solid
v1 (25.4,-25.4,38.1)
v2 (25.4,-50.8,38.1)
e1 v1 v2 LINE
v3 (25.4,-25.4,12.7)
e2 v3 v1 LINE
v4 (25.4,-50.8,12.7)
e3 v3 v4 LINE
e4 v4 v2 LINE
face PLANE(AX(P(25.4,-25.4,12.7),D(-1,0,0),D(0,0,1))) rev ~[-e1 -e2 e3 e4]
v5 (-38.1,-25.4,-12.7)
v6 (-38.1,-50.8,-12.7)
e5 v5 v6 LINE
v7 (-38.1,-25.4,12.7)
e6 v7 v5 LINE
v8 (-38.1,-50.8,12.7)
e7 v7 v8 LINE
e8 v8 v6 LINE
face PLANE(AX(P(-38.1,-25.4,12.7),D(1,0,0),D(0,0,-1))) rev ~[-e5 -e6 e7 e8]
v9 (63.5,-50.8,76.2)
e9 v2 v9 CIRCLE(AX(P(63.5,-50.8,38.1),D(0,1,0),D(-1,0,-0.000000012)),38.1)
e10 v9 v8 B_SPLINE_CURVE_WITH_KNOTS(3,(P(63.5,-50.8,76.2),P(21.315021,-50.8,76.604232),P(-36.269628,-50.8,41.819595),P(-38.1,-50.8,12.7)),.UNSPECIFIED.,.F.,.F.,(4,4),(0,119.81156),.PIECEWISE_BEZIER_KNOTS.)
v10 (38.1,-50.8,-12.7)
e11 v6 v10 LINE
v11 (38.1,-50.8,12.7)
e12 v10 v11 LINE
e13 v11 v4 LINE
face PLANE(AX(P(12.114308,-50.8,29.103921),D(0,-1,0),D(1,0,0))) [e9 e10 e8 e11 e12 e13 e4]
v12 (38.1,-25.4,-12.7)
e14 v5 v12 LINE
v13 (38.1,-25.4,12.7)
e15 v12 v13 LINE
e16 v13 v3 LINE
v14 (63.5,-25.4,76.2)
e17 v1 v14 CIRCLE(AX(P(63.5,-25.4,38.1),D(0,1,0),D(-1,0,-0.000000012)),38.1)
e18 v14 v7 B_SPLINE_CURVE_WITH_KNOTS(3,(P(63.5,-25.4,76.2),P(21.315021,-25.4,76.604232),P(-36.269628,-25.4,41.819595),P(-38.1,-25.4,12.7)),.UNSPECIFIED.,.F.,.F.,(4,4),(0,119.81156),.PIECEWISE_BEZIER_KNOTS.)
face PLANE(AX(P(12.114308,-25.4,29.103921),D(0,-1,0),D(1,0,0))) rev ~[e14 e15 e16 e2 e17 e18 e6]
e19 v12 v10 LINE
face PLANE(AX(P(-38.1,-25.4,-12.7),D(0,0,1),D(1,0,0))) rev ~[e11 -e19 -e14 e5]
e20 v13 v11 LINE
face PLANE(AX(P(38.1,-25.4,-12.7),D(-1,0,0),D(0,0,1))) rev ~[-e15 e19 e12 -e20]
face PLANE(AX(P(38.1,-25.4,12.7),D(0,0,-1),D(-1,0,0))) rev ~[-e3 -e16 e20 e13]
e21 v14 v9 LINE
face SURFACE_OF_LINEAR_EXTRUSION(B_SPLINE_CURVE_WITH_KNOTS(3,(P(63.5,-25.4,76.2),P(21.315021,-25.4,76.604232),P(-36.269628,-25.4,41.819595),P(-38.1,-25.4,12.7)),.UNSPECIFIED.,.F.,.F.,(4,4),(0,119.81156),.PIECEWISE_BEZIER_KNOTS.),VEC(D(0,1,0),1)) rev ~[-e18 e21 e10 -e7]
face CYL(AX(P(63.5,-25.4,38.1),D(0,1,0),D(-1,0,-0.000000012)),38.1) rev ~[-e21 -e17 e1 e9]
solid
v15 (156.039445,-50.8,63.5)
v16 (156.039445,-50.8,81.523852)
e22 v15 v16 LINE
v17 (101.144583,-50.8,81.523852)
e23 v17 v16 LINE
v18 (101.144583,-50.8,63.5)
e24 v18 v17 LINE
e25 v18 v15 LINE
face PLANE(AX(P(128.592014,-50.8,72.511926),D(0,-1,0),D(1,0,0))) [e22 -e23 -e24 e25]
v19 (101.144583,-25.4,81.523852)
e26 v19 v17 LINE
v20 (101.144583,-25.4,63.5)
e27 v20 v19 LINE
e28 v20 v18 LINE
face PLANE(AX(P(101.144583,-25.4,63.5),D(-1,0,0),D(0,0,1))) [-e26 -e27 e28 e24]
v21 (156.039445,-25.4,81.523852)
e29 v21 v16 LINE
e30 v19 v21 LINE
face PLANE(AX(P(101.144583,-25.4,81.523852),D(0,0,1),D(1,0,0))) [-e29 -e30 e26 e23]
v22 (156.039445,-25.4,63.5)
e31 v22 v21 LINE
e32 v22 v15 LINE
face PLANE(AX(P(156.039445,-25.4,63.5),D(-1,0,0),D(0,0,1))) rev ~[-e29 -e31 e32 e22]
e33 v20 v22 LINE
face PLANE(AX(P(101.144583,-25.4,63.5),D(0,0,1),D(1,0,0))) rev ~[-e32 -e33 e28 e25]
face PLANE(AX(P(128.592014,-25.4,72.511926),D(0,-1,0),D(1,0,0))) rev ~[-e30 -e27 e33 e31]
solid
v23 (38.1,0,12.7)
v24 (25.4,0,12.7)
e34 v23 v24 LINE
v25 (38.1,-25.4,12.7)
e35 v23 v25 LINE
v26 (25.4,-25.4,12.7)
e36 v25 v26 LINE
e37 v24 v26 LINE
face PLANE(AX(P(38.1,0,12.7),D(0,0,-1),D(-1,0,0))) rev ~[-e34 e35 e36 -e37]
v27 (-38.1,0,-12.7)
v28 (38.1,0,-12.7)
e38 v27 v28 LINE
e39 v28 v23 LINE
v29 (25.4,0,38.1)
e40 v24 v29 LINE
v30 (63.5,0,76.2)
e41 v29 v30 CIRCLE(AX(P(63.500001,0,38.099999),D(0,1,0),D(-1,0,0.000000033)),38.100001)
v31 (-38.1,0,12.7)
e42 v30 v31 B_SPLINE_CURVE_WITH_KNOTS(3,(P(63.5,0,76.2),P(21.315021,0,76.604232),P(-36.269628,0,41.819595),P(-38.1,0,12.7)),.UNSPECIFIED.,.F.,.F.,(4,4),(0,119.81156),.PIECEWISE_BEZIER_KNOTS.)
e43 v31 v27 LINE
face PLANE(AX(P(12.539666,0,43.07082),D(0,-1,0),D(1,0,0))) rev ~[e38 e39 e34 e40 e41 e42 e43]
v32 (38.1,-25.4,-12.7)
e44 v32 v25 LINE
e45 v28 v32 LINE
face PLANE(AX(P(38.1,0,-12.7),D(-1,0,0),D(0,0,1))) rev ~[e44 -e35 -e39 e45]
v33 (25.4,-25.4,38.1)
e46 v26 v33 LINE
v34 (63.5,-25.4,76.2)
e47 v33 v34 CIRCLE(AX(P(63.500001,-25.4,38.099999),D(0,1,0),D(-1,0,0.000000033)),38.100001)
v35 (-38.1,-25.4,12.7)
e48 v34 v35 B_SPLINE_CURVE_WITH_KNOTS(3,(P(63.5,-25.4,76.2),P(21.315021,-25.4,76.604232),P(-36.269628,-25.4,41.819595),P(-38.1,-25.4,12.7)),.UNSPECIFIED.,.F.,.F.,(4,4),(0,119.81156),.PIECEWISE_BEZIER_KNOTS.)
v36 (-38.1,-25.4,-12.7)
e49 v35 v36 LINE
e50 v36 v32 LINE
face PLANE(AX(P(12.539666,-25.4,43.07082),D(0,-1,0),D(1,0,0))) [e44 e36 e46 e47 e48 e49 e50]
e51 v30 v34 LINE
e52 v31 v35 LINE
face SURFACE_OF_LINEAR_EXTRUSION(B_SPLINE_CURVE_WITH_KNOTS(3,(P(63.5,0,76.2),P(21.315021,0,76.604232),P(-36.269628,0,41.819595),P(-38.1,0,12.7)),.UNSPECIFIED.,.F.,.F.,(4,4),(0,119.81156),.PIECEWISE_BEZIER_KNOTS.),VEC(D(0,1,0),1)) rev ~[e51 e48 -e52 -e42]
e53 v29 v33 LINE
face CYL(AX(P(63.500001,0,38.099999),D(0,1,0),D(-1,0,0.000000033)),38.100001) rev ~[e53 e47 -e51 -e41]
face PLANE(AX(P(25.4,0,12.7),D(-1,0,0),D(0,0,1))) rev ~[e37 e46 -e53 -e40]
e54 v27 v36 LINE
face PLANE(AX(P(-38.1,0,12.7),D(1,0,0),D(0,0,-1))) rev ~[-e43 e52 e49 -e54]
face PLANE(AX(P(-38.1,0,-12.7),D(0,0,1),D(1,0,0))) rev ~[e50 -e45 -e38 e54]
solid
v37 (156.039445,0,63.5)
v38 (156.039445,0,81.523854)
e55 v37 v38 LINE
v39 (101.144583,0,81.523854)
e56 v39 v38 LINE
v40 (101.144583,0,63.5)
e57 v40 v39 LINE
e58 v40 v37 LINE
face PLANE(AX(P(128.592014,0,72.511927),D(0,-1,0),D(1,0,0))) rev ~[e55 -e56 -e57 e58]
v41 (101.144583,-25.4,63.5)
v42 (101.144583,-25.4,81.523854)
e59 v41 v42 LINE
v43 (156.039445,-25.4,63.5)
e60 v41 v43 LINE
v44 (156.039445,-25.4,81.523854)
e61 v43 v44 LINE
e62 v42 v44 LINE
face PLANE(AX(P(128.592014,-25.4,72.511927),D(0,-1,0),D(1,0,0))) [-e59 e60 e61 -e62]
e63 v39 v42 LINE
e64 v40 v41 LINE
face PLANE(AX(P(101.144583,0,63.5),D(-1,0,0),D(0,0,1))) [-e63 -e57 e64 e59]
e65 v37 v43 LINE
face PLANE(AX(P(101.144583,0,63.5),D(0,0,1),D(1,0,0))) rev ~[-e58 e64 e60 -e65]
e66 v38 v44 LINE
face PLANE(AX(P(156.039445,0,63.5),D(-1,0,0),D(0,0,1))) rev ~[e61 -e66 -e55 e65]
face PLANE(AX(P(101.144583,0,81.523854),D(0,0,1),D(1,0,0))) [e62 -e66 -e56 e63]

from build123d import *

# Parameters (mm, degrees)
F0_W      = 54.894862
F0_H      = 18.023853
F1_DEPTH  = 25.4
F1_FACE_W = 54.894862
F1_FACE_H = 18.023852
F2_DEPTH  = 25.4


with BuildPart() as f1:
    # F0 (on Front) → F1 (new body)
    with BuildSketch(Plane.XZ):
        with BuildLine():
            add(Edge.make_bspline(
                [(63.5, 76.2), (21.315021, 76.604232), (-36.269628, 41.819595), (-38.1, 12.7)],
                knots=[0, 0, 0, 0, 119.81156, 119.81156, 119.81156, 119.81156], degree=3))
            Line((-38.1, 12.7), (25.4, 12.7))
            Line((25.4, 12.7), (25.4, 38.1))
            ThreePointArc((25.4, 38.1), (36.559232, 65.040768), (63.5, 76.2))
        make_face()
        Polygon((-38.1, 12.7), (-38.1, -12.7), (38.1, -12.7), (38.1, 12.7), (25.4, 12.7), align=None)
        with Locations((128.592014, 72.511927)):
            Rectangle(F0_W, F0_H)
    extrude(amount=F1_DEPTH)


with BuildPart() as f2:
    # F1_face (on face) → F2 (new body)
    with BuildSketch(Plane(origin=(128.592014, -25.4, 72.511926), x_dir=(1, 0, 0), z_dir=(0, -1, 0))):
        Rectangle(F1_FACE_W, F1_FACE_H)
        with BuildLine():
            ThreePointArc((-103.192014, -34.411926), (-92.032783, -7.471158), (-65.092014, 3.688074))
            add(Edge.make_bspline(
                [(-65.092014, 3.688074), (-107.276993, 4.092306), (-164.861642, -30.692331), (-166.692014, -59.811926)],
                knots=[0, 0, 0, 0, 119.81156, 119.81156, 119.81156, 119.81156], degree=3))
            Line((-166.692014, -59.811926), (-166.692014, -85.211926))
            Line((-166.692014, -85.211926), (-90.492014, -85.211926))
            Line((-90.492014, -85.211926), (-90.492014, -59.811926))
            Line((-90.492014, -59.811926), (-103.192014, -59.811926))
            Line((-103.192014, -59.811926), (-103.192014, -34.411926))
        make_face()
    extrude(amount=F2_DEPTH)


solid = Compound([f1.part, f2.part])
